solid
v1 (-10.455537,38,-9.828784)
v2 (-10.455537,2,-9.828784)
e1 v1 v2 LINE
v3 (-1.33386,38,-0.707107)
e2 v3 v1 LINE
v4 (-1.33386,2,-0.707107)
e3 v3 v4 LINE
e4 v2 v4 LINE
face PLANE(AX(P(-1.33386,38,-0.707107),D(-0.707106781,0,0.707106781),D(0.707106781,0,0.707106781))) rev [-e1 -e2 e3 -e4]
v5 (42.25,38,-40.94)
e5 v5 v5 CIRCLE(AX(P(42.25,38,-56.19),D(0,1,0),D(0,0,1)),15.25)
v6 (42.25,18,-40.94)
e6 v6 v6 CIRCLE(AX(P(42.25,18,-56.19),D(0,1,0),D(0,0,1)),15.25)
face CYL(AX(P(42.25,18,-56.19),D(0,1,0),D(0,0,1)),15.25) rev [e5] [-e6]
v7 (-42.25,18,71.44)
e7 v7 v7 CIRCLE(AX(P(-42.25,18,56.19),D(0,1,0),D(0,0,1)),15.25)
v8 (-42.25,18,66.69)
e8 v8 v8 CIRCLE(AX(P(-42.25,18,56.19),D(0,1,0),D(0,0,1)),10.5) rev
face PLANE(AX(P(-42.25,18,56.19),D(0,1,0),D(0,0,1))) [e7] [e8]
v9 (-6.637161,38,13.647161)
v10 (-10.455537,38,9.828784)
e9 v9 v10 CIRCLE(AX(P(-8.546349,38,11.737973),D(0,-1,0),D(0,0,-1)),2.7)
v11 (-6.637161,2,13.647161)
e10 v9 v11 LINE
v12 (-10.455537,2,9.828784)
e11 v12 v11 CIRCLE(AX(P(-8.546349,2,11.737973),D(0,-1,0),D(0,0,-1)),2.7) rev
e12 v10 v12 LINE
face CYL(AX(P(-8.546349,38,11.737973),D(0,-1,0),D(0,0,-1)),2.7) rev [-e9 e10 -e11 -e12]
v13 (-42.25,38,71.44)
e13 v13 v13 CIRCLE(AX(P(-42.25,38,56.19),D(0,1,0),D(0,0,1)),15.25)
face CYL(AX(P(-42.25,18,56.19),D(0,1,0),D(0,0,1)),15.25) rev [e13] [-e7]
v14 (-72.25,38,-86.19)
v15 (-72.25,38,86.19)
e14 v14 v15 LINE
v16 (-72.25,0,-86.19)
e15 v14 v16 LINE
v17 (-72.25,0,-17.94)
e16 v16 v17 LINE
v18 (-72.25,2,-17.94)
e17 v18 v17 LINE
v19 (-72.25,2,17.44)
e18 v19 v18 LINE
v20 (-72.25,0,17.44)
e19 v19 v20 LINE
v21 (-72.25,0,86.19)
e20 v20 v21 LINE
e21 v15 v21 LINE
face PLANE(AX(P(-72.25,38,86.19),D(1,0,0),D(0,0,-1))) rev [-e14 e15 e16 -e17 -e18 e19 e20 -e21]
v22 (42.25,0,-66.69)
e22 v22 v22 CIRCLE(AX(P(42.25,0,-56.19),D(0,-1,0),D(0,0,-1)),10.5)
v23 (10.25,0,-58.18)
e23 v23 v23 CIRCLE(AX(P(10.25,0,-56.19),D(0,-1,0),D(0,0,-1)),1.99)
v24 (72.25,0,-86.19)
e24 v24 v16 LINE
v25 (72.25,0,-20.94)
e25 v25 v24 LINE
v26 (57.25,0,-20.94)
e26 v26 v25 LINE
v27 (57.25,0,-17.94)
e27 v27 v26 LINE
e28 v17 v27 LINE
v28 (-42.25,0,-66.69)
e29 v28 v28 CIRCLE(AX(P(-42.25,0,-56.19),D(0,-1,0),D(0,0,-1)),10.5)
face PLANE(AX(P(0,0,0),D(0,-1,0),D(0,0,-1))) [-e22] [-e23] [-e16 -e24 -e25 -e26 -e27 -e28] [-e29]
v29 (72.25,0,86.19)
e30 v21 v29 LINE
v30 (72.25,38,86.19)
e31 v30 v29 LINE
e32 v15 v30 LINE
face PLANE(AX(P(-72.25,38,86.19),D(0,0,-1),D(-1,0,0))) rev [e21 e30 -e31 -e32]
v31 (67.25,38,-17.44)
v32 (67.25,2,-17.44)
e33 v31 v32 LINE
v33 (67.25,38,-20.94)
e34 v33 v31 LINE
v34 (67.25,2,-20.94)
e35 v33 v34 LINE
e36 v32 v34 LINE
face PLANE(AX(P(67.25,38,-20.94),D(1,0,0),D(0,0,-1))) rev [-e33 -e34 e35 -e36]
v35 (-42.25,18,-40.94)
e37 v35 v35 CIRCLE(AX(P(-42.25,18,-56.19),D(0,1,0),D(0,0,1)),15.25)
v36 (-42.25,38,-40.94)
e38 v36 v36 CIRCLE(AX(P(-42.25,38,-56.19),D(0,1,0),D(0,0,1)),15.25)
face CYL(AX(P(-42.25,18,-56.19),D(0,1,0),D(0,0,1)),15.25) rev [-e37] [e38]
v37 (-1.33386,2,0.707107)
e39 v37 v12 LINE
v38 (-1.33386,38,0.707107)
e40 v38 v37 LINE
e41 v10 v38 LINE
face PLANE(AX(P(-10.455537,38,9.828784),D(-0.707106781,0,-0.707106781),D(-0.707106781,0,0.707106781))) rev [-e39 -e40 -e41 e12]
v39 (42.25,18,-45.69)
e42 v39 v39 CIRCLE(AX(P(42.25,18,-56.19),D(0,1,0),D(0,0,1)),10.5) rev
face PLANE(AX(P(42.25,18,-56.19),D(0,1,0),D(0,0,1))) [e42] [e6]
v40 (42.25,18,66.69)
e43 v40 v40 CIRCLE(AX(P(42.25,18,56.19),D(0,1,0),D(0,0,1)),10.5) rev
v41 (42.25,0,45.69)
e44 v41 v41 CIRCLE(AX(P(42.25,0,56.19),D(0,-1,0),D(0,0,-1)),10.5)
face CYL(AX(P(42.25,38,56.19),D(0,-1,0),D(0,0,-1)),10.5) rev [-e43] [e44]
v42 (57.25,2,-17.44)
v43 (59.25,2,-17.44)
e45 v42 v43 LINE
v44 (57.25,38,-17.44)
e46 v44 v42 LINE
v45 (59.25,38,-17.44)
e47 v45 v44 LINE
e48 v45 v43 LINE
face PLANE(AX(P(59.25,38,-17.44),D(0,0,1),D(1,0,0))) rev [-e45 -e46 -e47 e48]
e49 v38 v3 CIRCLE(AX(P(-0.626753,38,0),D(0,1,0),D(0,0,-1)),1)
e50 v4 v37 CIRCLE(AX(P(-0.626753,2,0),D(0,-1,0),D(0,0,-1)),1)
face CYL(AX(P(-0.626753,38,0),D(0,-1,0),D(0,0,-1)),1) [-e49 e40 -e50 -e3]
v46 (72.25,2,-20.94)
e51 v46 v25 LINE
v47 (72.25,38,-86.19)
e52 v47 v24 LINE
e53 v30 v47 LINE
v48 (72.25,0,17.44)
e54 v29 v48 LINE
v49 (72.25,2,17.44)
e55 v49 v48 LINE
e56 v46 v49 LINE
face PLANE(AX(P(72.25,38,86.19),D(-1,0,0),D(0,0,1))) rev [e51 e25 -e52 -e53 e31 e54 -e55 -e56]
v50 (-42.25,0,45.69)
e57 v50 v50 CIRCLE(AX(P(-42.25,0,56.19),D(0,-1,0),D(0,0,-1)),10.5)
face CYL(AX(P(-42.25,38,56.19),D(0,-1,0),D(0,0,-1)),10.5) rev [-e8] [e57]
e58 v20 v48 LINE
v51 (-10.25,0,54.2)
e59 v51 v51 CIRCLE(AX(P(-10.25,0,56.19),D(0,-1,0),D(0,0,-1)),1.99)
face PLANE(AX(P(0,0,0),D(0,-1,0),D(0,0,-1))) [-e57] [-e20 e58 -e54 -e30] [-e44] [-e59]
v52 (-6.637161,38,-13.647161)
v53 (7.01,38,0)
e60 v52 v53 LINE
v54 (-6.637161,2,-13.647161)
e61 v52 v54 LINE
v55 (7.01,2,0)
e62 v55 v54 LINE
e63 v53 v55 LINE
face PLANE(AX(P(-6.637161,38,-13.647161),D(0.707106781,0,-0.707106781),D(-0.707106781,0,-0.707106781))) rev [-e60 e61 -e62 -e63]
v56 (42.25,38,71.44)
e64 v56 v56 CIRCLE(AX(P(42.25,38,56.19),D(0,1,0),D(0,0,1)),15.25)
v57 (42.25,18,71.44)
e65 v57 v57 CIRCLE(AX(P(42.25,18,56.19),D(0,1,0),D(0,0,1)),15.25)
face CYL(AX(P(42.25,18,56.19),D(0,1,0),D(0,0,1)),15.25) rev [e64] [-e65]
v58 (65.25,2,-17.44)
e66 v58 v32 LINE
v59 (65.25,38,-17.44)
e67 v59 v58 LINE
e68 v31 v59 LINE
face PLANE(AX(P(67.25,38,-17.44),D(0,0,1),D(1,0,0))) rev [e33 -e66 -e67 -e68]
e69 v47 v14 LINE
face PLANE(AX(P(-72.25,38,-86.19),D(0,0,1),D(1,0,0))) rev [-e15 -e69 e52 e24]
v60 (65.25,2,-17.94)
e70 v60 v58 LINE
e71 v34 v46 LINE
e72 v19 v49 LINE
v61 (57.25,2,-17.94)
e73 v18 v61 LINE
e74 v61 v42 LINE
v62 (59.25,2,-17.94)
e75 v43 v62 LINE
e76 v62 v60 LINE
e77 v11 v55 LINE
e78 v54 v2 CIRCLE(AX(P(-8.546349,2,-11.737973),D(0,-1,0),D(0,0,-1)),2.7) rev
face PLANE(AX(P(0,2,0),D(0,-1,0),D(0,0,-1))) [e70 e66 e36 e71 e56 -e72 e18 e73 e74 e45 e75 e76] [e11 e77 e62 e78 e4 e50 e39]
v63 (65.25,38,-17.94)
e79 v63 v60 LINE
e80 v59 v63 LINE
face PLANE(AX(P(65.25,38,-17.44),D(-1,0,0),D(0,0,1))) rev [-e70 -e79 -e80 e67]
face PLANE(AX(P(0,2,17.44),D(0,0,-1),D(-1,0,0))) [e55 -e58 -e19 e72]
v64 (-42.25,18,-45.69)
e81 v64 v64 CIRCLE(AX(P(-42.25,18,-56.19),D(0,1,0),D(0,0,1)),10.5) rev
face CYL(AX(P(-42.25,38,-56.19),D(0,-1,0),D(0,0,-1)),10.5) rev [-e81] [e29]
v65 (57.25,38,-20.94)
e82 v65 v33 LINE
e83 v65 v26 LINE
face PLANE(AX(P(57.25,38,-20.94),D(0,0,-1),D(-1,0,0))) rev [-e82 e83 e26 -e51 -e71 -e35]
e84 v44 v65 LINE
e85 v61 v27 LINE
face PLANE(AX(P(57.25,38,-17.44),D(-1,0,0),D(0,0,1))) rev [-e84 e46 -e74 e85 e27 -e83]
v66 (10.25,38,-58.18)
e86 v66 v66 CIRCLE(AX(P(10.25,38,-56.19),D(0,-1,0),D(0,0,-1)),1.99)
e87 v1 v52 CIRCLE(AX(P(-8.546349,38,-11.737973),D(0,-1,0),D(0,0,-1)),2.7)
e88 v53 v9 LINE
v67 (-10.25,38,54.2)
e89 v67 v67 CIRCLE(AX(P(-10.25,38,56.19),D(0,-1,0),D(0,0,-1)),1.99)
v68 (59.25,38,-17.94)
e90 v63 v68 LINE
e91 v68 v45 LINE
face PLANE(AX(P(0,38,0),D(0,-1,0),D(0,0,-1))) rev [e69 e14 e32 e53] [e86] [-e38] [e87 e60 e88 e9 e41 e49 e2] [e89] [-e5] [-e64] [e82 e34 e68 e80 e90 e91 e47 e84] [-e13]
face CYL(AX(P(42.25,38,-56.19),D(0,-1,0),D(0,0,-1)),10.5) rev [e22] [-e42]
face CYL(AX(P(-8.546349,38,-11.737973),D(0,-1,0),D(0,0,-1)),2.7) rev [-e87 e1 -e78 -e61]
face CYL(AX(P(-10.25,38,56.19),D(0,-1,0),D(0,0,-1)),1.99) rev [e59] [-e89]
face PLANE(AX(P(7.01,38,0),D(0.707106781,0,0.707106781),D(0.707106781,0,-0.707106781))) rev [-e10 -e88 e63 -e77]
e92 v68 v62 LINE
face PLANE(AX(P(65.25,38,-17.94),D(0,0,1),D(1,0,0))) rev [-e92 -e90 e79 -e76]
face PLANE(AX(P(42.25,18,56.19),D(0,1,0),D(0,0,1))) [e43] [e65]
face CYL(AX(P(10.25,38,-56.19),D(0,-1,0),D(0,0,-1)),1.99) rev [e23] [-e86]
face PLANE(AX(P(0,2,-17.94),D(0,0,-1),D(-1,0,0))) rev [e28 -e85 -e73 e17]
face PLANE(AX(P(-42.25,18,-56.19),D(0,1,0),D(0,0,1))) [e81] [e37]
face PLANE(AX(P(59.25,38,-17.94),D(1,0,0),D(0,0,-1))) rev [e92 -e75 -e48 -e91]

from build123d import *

# Parameters (mm, degrees)
SKETCH1_W           = 144.5
SKETCH1_H           = 172.38
BOSS_EXTRUDE1_DEPTH = 38
SKETCH2_R           = 10.5
SKETCH2_R_2         = 1.99
CUT_EXTRUDE1_DEPTH  = 39
CUT_EXTRUDE2_DEPTH  = 2
SKETCH4_R           = 15.25
CUT_EXTRUDE3_DEPTH  = 20


with BuildPart() as part:
    # Sketch1 → Boss-Extrude1 (new body)
    with BuildSketch(Plane(origin=(0, 0, 0), x_dir=(1, 0, 0), z_dir=(0, 1, 0))):
        Rectangle(SKETCH1_W, SKETCH1_H)
    extrude(amount=BOSS_EXTRUDE1_DEPTH)

    # Sketch2 → Cut-Extrude1 (cut, through all)
    with BuildSketch(Plane.XZ):
        with Locations((-42.25, -56.19)):
            Circle(SKETCH2_R)
        with Locations((10.25, -56.19)):
            Circle(SKETCH2_R_2)
        with Locations((42.25, -56.19)):
            Circle(SKETCH2_R)
        with Locations((-42.25, 56.19)):
            Circle(SKETCH2_R)
        with Locations((-10.25, 56.19)):
            Circle(SKETCH2_R_2)
        with Locations((42.25, 56.19)):
            Circle(SKETCH2_R)
        Polygon((57.25, -20.94), (67.25, -20.94), (67.25, -17.44), (65.25, -17.44), (65.25, -17.94), (59.25, -17.94), (59.25, -17.44), (57.25, -17.44), align=None)
        with BuildLine():
            Line((-1.333860018, -0.707106781), (-10.455537495, -9.828784258))
            ThreePointArc((-10.455537495, -9.828784258), (-10.455537495, -13.647160877), (-6.637160877, -13.647160877))
            Line((-6.637160877, -13.647160877), (7.01, 0))
            Line((7.01, 0), (-6.637160877, 13.647160877))
            ThreePointArc((-6.637160877, 13.647160877), (-10.455537495, 13.647160877), (-10.455537495, 9.828784258))
            Line((-10.455537495, 9.828784258), (-1.333860018, 0.707106781))
            ThreePointArc((-1.333860018, 0.707106781), (0.373246763, 0), (-1.333860018, -0.707106781))
        make_face()
    extrude(amount=-CUT_EXTRUDE1_DEPTH, mode=Mode.SUBTRACT)

    # Sketch3 → Cut-Extrude2 (cut)
    with BuildSketch(Plane.XZ):
        Polygon((72.25, 17.44), (-72.25, 17.44), (-72.25, -17.94), (57.25, -17.94), (57.25, -17.44), (59.25, -17.44), (59.25, -17.94), (65.25, -17.94), (65.25, -17.44), (67.25, -17.44), (67.25, -20.94), (72.25, -20.94), align=None)
        with BuildLine():
            Line((7.01, 0), (-6.637160877, -13.647160877))
            ThreePointArc((-6.637160877, -13.647160877), (-10.455537495, -13.647160877), (-10.455537495, -9.828784258))
            Line((-10.455537495, -9.828784258), (-1.333860018, -0.707106781))
            ThreePointArc((-1.333860018, -0.707106781), (0.373246763, 0), (-1.333860018, 0.707106781))
            Line((-1.333860018, 0.707106781), (-10.455537495, 9.828784258))
            ThreePointArc((-10.455537495, 9.828784258), (-10.455537495, 13.647160877), (-6.637160877, 13.647160877))
            Line((-6.637160877, 13.647160877), (7.01, 0))
        make_face(mode=Mode.SUBTRACT)
    extrude(amount=-CUT_EXTRUDE2_DEPTH, mode=Mode.SUBTRACT)

    # Sketch4 → Cut-Extrude3 (cut)
    with BuildSketch(Plane(origin=(0, 38, 0), x_dir=(1, 0, 0), z_dir=(0, 1, 0))):
        with Locations((-42.25, 56.19)):
            Circle(SKETCH4_R)
        with Locations((42.25, 56.19)):
            Circle(SKETCH4_R)
        with Locations((42.25, -56.19)):
            Circle(SKETCH4_R)
        with Locations((-42.25, -56.19)):
            Circle(SKETCH4_R)
    extrude(amount=-CUT_EXTRUDE3_DEPTH, mode=Mode.SUBTRACT)


solid = part.part
